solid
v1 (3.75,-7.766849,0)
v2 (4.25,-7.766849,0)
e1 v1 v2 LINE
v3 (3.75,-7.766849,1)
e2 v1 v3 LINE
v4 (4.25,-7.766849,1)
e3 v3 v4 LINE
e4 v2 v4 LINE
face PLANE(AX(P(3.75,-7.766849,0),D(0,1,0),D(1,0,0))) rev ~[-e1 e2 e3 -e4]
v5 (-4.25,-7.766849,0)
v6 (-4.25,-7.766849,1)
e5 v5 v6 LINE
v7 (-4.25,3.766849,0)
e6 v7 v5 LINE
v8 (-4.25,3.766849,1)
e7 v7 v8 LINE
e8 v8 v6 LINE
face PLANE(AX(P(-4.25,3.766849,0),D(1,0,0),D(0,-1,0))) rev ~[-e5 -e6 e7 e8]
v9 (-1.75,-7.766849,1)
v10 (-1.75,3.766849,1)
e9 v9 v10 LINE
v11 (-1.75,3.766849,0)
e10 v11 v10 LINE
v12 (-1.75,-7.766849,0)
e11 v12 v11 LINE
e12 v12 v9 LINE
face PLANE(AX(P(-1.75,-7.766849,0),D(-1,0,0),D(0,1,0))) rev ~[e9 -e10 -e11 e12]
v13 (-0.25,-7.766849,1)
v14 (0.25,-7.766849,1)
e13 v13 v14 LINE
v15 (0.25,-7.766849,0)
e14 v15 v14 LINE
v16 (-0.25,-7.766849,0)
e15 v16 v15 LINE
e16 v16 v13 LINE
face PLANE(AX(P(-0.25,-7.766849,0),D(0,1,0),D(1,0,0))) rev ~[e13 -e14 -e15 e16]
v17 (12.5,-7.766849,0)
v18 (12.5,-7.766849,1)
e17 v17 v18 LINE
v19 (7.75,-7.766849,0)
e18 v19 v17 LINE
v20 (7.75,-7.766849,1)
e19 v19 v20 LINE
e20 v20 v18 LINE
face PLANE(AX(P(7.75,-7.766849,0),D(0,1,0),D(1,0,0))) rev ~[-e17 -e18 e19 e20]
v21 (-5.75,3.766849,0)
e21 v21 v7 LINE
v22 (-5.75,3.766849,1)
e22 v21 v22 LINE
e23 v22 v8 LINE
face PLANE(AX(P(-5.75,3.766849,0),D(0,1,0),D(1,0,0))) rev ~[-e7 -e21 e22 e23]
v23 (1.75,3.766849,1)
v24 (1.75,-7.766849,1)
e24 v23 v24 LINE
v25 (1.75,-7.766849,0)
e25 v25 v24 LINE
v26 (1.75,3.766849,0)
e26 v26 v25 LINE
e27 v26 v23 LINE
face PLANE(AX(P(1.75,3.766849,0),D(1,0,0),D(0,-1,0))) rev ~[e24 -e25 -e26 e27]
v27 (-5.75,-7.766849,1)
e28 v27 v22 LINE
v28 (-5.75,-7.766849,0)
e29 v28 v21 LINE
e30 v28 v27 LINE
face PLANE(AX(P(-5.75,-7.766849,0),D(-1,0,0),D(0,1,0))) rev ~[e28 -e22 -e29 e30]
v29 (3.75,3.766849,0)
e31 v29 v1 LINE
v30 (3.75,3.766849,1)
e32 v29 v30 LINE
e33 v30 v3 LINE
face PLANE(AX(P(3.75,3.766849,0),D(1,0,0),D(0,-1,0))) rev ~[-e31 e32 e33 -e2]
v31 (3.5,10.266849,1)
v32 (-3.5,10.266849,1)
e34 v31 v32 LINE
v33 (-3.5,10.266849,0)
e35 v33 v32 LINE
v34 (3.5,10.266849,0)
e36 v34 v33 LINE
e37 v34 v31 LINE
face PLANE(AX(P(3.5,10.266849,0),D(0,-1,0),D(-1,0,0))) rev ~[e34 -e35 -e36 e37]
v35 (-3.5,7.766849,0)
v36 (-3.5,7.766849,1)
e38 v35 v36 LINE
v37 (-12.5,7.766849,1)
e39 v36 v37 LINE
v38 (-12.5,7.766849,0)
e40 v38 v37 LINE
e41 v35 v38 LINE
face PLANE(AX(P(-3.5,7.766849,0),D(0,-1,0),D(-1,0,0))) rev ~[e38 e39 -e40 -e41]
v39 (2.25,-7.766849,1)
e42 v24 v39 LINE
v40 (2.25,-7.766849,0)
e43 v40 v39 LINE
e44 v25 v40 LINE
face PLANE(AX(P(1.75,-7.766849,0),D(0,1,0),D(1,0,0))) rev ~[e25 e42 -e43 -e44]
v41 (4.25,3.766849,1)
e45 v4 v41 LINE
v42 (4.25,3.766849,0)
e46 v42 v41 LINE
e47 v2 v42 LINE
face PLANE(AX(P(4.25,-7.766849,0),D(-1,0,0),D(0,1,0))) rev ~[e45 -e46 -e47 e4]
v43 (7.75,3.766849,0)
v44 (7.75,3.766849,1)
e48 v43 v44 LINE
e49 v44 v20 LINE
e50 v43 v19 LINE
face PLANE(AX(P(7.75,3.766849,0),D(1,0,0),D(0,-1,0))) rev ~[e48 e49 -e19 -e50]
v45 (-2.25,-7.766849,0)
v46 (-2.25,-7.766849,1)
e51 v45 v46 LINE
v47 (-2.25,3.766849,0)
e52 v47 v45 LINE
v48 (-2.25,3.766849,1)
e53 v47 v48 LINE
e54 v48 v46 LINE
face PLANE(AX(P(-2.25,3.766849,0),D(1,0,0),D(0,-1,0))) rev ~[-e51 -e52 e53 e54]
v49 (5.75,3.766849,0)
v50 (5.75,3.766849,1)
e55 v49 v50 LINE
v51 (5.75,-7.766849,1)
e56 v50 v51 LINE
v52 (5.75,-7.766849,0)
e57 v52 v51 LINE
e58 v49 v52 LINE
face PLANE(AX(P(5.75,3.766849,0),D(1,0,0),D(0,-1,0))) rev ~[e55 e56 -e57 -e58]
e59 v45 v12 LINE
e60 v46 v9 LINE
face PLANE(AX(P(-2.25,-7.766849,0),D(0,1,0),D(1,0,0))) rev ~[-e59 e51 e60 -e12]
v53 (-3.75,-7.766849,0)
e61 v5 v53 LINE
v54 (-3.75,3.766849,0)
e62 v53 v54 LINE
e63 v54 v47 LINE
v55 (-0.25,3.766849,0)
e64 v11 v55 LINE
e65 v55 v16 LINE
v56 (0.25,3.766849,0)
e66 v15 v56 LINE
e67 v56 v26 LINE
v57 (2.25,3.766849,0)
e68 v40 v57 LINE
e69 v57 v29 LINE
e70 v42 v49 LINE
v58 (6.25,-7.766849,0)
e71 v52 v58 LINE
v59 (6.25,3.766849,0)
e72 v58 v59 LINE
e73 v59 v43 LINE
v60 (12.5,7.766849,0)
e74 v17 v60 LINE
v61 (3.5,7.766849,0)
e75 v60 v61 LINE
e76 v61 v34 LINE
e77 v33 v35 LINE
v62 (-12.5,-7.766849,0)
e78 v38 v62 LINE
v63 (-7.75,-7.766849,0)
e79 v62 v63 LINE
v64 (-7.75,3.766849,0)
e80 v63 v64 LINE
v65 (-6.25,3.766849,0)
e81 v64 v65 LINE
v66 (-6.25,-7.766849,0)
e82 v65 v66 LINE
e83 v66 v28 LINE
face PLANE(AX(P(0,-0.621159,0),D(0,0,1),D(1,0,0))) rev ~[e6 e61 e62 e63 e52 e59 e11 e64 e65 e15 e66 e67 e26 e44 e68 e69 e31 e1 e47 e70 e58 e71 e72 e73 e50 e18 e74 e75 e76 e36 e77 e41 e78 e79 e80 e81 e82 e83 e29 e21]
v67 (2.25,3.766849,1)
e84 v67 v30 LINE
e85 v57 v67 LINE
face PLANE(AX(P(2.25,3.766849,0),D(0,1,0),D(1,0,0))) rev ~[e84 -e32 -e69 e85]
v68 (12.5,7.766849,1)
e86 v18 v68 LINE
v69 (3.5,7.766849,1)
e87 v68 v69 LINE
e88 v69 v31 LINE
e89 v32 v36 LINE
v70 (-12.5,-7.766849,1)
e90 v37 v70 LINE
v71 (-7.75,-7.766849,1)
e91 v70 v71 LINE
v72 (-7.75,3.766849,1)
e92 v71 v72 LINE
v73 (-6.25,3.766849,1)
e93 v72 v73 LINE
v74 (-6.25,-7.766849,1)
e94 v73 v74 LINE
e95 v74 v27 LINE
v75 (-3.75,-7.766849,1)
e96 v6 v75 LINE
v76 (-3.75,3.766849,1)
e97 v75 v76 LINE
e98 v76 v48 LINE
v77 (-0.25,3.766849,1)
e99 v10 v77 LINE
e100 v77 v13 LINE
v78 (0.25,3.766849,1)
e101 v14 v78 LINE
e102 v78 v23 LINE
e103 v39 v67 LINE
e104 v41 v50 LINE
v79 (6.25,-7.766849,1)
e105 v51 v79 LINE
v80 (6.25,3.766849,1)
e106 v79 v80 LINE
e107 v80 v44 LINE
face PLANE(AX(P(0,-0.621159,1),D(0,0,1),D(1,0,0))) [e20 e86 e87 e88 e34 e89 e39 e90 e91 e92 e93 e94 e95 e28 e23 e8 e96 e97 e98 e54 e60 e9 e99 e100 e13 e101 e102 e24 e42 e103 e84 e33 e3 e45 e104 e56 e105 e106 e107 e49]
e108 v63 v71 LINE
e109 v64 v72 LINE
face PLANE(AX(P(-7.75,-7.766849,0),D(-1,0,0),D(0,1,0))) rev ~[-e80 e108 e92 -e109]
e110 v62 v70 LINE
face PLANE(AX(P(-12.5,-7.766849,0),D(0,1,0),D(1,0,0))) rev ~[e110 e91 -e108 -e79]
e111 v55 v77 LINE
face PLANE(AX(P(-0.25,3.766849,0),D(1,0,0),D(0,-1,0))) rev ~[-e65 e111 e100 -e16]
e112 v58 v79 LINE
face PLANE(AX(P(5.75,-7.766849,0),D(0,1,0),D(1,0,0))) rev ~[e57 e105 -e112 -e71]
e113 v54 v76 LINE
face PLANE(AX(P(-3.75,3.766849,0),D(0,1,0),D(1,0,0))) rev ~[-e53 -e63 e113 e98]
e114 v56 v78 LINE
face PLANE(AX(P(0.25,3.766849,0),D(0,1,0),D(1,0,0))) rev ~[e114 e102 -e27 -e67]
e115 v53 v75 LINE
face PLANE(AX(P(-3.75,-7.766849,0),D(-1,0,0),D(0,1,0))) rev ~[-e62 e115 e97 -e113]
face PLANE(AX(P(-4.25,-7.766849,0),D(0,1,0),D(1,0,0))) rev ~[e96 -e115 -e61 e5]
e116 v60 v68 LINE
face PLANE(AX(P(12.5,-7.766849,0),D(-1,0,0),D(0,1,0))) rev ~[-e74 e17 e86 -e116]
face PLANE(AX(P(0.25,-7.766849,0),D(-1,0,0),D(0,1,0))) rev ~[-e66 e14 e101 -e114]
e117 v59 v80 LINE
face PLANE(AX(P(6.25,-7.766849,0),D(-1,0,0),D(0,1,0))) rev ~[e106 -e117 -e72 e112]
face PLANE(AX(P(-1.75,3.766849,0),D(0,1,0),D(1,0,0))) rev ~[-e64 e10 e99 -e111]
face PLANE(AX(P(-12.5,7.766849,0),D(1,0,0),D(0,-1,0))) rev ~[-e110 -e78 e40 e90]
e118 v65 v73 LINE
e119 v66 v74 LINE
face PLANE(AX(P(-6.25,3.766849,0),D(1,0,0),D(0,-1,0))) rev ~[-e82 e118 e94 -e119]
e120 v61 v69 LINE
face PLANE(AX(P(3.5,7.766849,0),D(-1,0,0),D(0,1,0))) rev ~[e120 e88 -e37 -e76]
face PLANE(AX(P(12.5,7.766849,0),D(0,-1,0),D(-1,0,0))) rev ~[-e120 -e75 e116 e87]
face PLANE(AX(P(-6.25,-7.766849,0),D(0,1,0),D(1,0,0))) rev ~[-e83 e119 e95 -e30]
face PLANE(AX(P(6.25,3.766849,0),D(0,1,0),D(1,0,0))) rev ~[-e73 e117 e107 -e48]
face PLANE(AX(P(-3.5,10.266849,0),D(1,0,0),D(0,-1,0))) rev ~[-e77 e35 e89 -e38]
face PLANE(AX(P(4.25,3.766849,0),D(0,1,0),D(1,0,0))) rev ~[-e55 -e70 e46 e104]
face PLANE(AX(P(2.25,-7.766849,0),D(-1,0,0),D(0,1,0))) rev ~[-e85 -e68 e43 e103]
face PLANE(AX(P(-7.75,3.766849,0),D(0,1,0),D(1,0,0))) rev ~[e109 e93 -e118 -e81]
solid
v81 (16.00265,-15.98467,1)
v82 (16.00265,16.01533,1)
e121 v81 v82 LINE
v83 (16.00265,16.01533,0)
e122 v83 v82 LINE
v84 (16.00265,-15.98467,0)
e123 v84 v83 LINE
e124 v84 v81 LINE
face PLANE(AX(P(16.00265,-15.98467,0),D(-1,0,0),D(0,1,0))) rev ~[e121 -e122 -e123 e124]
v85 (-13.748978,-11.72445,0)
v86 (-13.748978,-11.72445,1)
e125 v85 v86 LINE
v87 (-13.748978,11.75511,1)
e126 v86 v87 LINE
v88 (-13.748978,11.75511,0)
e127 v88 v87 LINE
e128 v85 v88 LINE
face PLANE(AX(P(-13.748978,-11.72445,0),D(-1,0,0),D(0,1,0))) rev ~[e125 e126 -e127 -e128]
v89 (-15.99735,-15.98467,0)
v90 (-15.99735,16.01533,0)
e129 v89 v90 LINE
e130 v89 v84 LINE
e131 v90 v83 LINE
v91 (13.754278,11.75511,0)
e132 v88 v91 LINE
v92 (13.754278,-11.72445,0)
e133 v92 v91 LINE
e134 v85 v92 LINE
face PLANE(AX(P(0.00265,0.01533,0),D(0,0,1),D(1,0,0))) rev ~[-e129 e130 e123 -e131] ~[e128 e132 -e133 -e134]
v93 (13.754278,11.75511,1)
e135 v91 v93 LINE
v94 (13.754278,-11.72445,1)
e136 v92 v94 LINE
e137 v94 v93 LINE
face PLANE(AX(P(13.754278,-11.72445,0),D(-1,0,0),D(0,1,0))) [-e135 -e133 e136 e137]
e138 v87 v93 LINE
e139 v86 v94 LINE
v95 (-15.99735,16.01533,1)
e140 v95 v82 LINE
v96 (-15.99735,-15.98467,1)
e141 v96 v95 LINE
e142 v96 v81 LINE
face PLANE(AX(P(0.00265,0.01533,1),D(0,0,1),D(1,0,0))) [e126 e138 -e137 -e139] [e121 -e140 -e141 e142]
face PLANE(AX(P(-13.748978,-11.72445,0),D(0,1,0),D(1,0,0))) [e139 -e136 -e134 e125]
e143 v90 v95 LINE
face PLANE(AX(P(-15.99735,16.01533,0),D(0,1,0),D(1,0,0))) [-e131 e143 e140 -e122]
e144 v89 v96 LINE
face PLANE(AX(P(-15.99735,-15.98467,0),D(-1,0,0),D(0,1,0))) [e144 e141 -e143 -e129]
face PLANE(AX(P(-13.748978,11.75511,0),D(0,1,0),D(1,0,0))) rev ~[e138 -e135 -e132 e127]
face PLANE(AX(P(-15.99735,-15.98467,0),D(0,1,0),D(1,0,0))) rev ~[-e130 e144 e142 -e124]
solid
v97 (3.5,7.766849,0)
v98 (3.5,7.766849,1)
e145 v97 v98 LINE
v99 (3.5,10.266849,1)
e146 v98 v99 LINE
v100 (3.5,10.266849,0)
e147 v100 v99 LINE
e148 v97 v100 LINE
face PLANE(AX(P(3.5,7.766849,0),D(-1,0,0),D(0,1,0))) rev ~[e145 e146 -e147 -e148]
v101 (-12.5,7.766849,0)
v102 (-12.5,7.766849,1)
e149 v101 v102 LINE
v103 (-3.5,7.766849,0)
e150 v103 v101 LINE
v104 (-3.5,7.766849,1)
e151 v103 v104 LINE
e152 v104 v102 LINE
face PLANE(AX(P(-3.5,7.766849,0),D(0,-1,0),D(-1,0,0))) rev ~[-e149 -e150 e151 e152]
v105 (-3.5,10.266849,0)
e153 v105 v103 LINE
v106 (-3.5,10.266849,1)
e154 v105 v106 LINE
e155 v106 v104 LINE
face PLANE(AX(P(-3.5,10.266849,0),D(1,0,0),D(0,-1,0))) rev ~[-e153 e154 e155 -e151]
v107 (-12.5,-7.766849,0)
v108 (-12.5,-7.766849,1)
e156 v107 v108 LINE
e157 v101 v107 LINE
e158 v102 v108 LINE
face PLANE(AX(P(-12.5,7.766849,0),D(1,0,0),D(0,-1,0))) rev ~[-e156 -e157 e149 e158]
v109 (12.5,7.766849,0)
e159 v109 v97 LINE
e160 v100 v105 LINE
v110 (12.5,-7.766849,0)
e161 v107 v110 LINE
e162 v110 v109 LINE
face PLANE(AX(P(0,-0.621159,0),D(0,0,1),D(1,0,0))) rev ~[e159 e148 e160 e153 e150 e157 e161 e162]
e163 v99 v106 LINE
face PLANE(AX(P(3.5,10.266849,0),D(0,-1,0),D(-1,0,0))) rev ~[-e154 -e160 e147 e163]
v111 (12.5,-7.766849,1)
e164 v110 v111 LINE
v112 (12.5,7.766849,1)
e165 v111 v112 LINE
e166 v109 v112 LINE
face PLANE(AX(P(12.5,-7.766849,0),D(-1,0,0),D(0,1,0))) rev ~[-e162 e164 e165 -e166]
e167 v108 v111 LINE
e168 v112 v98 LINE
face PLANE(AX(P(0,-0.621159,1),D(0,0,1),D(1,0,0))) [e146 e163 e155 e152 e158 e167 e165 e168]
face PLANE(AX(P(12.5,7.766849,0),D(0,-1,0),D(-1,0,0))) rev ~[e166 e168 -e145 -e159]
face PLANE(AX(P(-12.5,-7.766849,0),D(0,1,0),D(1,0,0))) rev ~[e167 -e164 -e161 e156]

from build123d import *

# Parameters (mm, degrees)
F1_DEPTH = 1
F0_W     = 32
F0_H     = 32
F0_W_2   = 27.503256
F0_H_2   = 23.47956
F2_DEPTH = 1
F0_W_3   = 1.5
F0_H_3   = 11.533698
F3_DEPTH = 1


with BuildPart() as f1:
    # F0 (on Top) → F1 (new body)
    with BuildSketch(Plane.XY):
        Polygon((9.75, -7.766849), (12.5, -7.766849), (12.5, 3.766849), (12.5, 7.766849), (3.5, 7.766849), (3.5, 10.266849), (-3.5, 10.266849), (-3.5, 7.766849), (-12.5, 7.766849), (-12.5, 3.766849), (-12.5, -7.766849), (-9.75, -7.766849), (-8.25, -7.766849), (-7.75, -7.766849), (-7.75, 3.766849), (-6.25, 3.766849), (-6.25, -7.766849), (-5.75, -7.766849), (-5.75, 3.766849), (-4.25, 3.766849), (-4.25, -7.766849), (-3.75, -7.766849), (-3.75, 3.766849), (-2.25, 3.766849), (-2.25, -7.766849), (-1.75, -7.766849), (-1.75, 3.766849), (-0.25, 3.766849), (-0.25, -7.766849), (0.25, -7.766849), (0.25, 3.766849), (1.75, 3.766849), (1.75, -7.766849), (2.25, -7.766849), (2.25, 3.766849), (3.75, 3.766849), (3.75, -7.766849), (4.25, -7.766849), (4.25, 3.766849), (5.75, 3.766849), (5.75, -7.766849), (6.25, -7.766849), (6.25, 3.766849), (7.75, 3.766849), (7.75, -7.766849), (8.25, -7.766849), align=None)
    extrude(amount=F1_DEPTH)


with BuildPart() as f2:
    # F0 (on Top) → F2 (new body)
    with BuildSketch(Plane.XY):
        with Locations((0.00265, 0.01533)):
            Rectangle(F0_W, F0_H)
        with Locations((0.00265, 0.01533)):
            Rectangle(F0_W_2, F0_H_2, mode=Mode.SUBTRACT)
    extrude(amount=F2_DEPTH)


with BuildPart() as f3:
    # F0 (on Top) → F3 (new body)
    with BuildSketch(Plane.XY):
        Polygon((9.75, -7.766849), (12.5, -7.766849), (12.5, 3.766849), (12.5, 7.766849), (3.5, 7.766849), (3.5, 10.266849), (-3.5, 10.266849), (-3.5, 7.766849), (-12.5, 7.766849), (-12.5, 3.766849), (-12.5, -7.766849), (-9.75, -7.766849), (-8.25, -7.766849), (-7.75, -7.766849), (-7.75, 3.766849), (-6.25, 3.766849), (-6.25, -7.766849), (-5.75, -7.766849), (-5.75, 3.766849), (-4.25, 3.766849), (-4.25, -7.766849), (-3.75, -7.766849), (-3.75, 3.766849), (-2.25, 3.766849), (-2.25, -7.766849), (-1.75, -7.766849), (-1.75, 3.766849), (-0.25, 3.766849), (-0.25, -7.766849), (0.25, -7.766849), (0.25, 3.766849), (1.75, 3.766849), (1.75, -7.766849), (2.25, -7.766849), (2.25, 3.766849), (3.75, 3.766849), (3.75, -7.766849), (4.25, -7.766849), (4.25, 3.766849), (5.75, 3.766849), (5.75, -7.766849), (6.25, -7.766849), (6.25, 3.766849), (7.75, 3.766849), (7.75, -7.766849), (8.25, -7.766849), align=None)
        with Locations((-7, -2)):
            Rectangle(F0_W_3, F0_H_3)
        with Locations((-5, -2)):
            Rectangle(F0_W_3, F0_H_3)
        with Locations((-3, -2)):
            Rectangle(F0_W_3, F0_H_3)
        with Locations((-1, -2)):
            Rectangle(F0_W_3, F0_H_3)
        with Locations((1, -2)):
            Rectangle(F0_W_3, F0_H_3)
        with Locations((3, -2)):
            Rectangle(F0_W_3, F0_H_3)
        with Locations((5, -2)):
            Rectangle(F0_W_3, F0_H_3)
        with Locations((7, -2)):
            Rectangle(F0_W_3, F0_H_3)
    extrude(amount=F3_DEPTH)


solid = Compound([f1.part, f2.part, f3.part])
